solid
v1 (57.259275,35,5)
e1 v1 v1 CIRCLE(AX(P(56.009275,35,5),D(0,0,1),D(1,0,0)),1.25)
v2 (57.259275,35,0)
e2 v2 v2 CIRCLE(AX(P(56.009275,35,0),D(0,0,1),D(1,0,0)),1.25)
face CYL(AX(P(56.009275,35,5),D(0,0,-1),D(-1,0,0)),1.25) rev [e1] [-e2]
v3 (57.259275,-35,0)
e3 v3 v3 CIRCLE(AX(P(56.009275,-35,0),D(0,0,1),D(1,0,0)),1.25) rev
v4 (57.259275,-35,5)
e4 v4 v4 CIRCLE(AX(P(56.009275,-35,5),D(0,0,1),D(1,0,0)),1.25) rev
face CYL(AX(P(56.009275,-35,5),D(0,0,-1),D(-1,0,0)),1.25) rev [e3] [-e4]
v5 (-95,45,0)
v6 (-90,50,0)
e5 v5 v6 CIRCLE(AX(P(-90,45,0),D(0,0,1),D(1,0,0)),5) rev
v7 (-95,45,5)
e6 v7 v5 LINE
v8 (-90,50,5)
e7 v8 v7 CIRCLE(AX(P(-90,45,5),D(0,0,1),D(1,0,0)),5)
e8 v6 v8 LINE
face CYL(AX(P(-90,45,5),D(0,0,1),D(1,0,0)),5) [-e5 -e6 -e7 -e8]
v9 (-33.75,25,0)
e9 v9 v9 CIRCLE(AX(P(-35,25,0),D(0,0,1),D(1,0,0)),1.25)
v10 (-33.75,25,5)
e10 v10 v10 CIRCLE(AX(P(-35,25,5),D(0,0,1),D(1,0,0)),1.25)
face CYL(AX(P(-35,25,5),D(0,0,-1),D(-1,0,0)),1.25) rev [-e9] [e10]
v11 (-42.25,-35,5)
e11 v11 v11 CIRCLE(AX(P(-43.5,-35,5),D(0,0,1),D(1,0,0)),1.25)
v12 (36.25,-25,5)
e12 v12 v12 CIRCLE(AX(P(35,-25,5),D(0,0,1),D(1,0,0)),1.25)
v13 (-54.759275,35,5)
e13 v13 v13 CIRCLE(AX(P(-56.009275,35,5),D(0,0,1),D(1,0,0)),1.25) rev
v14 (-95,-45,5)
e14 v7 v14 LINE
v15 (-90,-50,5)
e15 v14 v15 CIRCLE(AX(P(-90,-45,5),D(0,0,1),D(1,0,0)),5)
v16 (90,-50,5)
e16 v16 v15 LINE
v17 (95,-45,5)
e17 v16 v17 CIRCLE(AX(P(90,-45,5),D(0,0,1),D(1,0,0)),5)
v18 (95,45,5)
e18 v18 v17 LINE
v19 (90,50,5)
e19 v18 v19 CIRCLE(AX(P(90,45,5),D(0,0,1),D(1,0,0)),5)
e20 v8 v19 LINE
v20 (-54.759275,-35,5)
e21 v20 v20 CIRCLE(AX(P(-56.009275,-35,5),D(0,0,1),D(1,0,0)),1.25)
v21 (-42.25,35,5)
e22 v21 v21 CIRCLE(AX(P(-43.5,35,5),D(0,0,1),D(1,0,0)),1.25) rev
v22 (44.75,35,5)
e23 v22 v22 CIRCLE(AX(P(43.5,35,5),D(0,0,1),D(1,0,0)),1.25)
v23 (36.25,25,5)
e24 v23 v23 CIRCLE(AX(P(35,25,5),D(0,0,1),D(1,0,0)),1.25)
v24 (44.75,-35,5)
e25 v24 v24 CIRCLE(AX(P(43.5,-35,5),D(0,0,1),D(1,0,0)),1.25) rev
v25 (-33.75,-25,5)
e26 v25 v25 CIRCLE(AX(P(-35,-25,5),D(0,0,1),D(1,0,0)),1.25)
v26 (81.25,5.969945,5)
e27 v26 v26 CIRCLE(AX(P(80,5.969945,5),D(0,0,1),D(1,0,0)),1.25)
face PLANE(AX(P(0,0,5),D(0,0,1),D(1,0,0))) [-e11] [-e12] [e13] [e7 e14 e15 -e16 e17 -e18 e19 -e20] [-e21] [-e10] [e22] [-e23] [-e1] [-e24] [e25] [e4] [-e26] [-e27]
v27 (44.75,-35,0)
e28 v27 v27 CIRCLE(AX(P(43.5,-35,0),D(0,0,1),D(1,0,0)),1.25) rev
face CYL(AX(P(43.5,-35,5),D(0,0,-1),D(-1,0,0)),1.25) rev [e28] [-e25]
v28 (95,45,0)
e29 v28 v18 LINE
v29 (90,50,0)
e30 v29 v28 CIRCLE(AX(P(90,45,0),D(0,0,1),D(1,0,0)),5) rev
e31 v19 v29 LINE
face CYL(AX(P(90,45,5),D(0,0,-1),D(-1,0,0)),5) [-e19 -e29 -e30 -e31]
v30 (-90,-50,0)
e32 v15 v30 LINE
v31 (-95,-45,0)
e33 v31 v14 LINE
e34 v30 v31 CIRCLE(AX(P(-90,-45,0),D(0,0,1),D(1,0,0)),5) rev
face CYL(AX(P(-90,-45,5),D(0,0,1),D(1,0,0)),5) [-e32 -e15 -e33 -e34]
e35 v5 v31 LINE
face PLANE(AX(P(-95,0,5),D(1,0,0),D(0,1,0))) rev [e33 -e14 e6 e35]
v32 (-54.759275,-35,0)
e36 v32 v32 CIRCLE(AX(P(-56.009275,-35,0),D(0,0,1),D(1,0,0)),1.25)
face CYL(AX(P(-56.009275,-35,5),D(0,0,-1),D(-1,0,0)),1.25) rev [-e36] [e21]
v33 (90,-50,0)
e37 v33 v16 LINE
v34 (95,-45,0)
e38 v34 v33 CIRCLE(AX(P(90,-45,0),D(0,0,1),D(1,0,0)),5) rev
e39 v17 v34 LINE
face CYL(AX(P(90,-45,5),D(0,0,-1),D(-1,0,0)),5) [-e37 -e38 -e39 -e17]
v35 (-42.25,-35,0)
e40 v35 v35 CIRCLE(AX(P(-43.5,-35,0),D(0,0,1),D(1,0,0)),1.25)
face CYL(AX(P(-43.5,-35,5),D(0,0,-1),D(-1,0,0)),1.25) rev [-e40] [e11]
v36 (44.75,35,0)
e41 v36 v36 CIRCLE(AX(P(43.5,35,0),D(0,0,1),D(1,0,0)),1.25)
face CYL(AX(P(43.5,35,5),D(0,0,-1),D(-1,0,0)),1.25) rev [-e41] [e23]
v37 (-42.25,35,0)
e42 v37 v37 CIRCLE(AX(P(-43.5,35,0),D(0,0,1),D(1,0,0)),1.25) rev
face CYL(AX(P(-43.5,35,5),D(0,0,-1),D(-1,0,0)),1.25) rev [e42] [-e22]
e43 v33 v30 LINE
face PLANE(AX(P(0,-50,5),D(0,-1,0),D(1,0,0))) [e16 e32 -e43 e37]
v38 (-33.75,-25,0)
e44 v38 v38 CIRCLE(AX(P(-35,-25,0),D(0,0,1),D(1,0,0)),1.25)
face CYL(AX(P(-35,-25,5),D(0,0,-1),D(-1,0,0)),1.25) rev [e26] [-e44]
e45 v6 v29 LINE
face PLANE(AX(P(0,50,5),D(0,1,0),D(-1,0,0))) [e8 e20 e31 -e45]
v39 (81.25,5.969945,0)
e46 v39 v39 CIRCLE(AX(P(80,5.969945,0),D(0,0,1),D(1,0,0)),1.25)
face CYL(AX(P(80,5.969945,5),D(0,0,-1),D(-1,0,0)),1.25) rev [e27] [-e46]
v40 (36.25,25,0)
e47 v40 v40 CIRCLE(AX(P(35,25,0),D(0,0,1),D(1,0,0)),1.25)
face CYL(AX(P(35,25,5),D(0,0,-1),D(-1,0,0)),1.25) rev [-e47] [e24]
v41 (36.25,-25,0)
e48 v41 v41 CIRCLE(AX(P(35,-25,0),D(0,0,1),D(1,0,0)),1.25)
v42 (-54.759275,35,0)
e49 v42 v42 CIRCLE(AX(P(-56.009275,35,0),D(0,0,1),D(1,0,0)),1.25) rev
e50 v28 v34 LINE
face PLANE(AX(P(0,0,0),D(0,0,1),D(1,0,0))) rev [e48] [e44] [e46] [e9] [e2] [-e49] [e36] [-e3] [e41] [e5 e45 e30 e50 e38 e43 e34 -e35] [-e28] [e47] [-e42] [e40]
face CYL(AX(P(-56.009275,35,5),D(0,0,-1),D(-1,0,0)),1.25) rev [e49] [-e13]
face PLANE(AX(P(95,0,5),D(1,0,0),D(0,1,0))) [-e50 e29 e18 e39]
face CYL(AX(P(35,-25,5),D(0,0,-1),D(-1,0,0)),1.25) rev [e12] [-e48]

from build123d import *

# Parameters (mm, degrees)
SKETCH1_W           = 190
SKETCH1_H           = 100
SKETCH1_R           = 1.25
BOSS_EXTRUDE2_DEPTH = 5
FILLET1_R           = 5


with BuildPart() as part:
    # Sketch1 → Boss-Extrude2 (new body)
    with BuildSketch(Plane.XY):
        Rectangle(SKETCH1_W, SKETCH1_H)
        with Locations((-35, 25)):
            Circle(SKETCH1_R, mode=Mode.SUBTRACT)
        with Locations((35, -25)):
            Circle(SKETCH1_R, mode=Mode.SUBTRACT)
        with Locations((-35, -25)):
            Circle(SKETCH1_R, mode=Mode.SUBTRACT)
        with Locations((35, 25)):
            Circle(SKETCH1_R, mode=Mode.SUBTRACT)
        with Locations((80, 5.969945355)):
            Circle(SKETCH1_R, mode=Mode.SUBTRACT)
        with Locations((-43.5, -35)):
            Circle(SKETCH1_R, mode=Mode.SUBTRACT)
        with Locations((-56.009274653, -35)):
            Circle(SKETCH1_R, mode=Mode.SUBTRACT)
        with Locations((-56.009274653, 35)):
            Circle(SKETCH1_R, mode=Mode.SUBTRACT)
        with Locations((-43.5, 35)):
            Circle(SKETCH1_R, mode=Mode.SUBTRACT)
        with Locations((43.5, -35)):
            Circle(SKETCH1_R, mode=Mode.SUBTRACT)
        with Locations((56.009274653, -35)):
            Circle(SKETCH1_R, mode=Mode.SUBTRACT)
        with Locations((43.5, 35)):
            Circle(SKETCH1_R, mode=Mode.SUBTRACT)
        with Locations((56.009274653, 35)):
            Circle(SKETCH1_R, mode=Mode.SUBTRACT)
    extrude(amount=BOSS_EXTRUDE2_DEPTH)

    # Fillet1
    fillet1_edges = [part.edges().sort_by_distance(p)[0] for p in [
        (95, 50, 2.5),
        (95, -50, 2.5),
        (-95, -50, 2.5),
        (-95, 50, 2.5),
    ]]
    fillet(fillet1_edges, radius=FILLET1_R)


solid = part.part
